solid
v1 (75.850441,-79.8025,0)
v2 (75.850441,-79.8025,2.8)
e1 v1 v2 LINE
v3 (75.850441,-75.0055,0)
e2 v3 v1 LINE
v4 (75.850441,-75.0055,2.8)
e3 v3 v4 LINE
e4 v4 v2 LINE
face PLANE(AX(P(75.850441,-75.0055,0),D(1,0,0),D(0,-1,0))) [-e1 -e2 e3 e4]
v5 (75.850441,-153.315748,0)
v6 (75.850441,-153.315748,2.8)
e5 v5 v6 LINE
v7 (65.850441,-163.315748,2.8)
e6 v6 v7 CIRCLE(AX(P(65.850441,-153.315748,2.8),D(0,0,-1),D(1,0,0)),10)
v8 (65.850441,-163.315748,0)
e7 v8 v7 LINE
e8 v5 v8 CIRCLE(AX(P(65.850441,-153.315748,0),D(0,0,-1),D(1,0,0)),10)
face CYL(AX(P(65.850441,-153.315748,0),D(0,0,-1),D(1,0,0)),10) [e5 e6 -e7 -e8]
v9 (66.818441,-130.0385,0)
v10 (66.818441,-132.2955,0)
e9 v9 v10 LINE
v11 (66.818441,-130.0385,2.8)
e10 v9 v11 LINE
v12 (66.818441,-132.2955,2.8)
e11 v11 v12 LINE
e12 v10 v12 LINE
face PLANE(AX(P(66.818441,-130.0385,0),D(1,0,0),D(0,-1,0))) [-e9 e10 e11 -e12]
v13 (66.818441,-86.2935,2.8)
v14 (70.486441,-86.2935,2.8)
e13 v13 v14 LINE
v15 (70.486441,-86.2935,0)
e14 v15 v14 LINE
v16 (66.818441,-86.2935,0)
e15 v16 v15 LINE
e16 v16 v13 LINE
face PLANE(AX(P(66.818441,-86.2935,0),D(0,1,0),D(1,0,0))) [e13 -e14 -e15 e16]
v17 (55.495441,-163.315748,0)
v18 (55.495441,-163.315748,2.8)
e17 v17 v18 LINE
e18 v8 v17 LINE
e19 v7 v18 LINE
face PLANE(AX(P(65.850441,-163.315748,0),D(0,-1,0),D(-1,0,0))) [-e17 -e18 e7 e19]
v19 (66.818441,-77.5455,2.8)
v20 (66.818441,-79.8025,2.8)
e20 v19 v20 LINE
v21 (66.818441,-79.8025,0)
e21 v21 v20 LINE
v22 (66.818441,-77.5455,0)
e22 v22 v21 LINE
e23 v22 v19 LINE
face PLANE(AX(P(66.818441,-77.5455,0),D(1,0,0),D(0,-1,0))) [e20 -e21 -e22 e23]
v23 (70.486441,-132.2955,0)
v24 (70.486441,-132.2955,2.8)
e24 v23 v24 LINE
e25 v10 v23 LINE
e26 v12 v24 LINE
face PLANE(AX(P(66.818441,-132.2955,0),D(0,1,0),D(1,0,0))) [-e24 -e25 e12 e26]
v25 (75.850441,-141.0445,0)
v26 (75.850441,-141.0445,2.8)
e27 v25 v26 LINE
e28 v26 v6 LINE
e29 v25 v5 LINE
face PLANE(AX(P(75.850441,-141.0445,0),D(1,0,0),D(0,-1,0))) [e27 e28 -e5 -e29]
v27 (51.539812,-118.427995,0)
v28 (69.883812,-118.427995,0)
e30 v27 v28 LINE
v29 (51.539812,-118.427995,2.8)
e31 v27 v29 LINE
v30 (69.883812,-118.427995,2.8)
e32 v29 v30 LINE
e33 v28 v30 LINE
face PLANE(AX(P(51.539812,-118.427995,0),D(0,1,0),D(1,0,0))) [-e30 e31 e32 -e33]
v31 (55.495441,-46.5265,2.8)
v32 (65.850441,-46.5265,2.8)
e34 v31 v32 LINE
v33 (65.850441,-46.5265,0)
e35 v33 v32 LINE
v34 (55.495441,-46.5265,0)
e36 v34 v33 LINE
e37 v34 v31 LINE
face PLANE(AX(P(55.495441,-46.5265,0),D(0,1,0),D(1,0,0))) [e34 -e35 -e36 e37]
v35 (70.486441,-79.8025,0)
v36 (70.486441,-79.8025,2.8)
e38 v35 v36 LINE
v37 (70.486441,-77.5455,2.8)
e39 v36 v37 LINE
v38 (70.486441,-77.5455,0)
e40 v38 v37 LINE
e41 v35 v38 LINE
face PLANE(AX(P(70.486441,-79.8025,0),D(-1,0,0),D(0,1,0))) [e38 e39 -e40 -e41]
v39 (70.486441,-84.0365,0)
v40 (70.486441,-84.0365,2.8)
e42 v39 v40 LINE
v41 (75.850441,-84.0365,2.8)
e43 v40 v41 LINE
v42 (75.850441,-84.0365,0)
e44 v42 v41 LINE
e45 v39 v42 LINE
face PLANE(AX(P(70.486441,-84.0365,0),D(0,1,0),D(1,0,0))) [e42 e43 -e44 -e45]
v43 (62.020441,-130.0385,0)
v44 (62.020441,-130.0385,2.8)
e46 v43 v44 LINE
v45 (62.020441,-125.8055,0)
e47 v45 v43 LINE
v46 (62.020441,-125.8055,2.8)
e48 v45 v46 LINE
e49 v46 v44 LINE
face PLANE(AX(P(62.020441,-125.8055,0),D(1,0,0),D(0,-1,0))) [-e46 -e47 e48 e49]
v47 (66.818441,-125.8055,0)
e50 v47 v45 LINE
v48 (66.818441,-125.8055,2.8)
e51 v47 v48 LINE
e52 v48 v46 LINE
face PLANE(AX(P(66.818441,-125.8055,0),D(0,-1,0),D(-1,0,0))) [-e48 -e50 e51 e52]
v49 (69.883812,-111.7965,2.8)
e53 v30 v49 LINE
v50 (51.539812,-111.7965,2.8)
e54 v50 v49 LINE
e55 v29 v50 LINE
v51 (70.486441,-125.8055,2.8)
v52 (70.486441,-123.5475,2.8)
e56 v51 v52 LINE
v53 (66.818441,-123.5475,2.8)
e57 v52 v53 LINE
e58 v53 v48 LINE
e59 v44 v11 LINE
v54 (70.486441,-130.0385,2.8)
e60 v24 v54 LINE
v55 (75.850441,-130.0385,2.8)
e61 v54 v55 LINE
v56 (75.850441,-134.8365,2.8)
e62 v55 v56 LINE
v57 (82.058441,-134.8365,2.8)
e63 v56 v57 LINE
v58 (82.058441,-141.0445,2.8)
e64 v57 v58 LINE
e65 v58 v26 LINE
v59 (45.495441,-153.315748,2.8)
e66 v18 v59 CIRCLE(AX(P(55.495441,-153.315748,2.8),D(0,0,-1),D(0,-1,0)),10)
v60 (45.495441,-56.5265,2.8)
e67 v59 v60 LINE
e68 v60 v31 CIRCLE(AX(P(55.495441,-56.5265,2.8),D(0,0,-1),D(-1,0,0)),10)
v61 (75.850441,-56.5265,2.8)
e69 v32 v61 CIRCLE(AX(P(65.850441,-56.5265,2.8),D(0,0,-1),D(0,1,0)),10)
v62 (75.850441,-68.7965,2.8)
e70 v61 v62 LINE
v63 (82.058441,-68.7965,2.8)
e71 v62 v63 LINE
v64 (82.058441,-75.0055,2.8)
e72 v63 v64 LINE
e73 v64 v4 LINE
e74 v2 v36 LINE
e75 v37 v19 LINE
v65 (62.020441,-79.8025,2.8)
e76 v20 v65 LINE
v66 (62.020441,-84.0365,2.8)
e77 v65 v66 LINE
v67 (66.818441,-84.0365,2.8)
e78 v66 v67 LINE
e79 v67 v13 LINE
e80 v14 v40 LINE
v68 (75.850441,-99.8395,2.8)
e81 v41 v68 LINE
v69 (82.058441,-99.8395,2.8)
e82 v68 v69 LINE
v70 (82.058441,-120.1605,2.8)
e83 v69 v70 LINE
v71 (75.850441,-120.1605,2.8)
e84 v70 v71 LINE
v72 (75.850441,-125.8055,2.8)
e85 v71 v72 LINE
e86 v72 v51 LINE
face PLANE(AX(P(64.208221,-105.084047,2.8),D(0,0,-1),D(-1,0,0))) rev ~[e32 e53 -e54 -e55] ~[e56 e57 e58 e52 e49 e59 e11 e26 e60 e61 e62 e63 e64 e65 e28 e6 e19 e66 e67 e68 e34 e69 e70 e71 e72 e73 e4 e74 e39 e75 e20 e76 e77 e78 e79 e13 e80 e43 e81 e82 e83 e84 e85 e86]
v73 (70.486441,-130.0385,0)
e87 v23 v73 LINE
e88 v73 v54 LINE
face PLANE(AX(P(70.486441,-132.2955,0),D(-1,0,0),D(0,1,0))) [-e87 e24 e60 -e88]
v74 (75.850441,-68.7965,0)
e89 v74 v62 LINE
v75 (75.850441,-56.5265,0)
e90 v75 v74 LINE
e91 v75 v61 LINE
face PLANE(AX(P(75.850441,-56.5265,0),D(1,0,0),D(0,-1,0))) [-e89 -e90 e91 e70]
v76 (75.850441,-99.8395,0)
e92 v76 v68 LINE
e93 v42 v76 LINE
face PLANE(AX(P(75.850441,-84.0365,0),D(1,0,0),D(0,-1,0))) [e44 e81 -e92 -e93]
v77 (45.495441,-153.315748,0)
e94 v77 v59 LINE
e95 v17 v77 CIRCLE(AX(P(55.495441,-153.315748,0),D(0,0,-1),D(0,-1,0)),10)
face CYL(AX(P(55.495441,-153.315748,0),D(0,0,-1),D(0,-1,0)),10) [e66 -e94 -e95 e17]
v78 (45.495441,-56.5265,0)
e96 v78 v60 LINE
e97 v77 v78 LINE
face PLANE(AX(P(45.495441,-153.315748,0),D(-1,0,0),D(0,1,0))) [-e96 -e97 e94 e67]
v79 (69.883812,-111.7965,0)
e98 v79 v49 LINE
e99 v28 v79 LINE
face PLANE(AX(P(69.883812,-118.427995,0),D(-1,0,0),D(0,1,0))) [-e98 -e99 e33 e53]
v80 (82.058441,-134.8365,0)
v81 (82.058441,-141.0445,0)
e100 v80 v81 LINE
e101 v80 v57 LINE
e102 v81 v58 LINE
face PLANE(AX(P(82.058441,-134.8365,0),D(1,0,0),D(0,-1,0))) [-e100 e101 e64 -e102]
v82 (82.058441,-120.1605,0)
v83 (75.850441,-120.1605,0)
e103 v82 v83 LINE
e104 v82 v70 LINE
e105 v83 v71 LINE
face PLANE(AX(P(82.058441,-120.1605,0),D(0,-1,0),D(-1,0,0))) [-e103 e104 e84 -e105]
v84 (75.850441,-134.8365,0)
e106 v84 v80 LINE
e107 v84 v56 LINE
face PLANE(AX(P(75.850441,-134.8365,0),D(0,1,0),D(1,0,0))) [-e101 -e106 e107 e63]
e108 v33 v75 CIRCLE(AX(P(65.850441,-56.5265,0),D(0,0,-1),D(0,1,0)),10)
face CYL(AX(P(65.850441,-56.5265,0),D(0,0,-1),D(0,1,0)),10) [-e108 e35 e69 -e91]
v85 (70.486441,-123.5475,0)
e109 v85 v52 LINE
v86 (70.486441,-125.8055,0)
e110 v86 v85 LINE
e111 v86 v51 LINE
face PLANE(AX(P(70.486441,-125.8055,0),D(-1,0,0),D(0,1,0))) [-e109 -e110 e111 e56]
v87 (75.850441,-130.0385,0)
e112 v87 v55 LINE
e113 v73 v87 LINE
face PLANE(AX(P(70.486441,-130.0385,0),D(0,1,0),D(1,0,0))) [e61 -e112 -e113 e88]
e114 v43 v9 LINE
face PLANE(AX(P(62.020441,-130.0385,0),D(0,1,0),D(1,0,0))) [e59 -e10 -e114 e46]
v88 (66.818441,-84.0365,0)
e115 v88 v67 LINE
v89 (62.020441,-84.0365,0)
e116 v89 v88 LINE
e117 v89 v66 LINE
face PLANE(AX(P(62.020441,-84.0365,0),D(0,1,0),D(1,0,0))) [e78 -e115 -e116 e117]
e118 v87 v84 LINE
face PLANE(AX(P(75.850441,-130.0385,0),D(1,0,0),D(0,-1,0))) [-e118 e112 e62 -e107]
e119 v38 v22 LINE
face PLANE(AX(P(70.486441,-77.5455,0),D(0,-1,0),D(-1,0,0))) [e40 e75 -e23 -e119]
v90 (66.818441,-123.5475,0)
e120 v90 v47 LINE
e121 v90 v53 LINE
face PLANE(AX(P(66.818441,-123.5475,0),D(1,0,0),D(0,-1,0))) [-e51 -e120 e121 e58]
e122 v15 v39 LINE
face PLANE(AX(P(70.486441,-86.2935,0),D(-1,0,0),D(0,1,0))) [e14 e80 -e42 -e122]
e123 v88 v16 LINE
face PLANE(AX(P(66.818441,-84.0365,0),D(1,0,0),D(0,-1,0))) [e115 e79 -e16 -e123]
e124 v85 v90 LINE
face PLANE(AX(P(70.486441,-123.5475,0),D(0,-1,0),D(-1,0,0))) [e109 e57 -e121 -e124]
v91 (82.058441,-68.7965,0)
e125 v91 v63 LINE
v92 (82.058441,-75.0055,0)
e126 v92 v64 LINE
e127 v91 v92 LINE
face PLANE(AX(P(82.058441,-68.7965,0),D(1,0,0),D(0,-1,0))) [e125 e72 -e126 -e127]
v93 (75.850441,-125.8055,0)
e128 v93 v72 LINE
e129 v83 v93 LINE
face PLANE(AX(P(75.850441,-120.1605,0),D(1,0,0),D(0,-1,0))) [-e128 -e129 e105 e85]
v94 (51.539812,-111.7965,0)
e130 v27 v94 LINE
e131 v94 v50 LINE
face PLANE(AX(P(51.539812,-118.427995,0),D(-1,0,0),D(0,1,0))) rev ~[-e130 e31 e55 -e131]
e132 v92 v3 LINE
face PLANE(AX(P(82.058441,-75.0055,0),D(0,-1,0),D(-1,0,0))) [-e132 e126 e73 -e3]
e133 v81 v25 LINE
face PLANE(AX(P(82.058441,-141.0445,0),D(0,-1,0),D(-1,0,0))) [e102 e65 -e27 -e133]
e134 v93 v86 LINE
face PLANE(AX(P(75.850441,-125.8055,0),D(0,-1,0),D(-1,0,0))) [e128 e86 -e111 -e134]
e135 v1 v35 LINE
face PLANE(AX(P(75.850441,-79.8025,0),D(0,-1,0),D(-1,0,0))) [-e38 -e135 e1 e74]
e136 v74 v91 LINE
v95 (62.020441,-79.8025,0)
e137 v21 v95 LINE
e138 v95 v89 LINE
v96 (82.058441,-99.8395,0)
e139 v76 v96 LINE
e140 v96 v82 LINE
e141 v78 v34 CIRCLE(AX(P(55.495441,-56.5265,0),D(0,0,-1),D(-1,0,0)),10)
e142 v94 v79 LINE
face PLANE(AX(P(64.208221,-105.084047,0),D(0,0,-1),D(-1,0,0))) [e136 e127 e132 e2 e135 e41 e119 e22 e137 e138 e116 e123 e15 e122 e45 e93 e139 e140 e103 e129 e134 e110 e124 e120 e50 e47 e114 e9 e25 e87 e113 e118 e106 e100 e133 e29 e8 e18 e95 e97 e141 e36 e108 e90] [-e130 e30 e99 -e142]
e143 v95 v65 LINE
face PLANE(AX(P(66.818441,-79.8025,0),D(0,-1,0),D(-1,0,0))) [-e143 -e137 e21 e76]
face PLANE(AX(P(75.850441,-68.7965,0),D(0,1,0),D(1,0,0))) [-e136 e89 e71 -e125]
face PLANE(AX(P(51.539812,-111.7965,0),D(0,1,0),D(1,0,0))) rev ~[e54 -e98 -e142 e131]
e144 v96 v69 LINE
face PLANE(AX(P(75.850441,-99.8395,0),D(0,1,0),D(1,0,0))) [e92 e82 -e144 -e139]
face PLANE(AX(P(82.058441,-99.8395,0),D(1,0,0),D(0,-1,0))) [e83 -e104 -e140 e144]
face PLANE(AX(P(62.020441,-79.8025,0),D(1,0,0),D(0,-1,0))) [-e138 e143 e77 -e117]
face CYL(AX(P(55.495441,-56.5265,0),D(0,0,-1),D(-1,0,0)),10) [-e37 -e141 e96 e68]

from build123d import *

# Parameters (mm, degrees)
SKETCH3_W           = 18.344
SKETCH3_H           = 6.63149511
BOSS_EXTRUDE2_DEPTH = 2.8


with BuildPart() as part:
    # Sketch3 → Boss-Extrude2 (new body)
    with BuildSketch(Plane.XY):
        with BuildLine():
            Line((55.495440626, -46.5265), (65.850440626, -46.5265))
            ThreePointArc((65.850440626, -46.5265), (72.921508438, -49.455432188), (75.850440626, -56.5265))
            Line((75.850440626, -56.5265), (75.850440626, -68.7965))
            Line((75.850440626, -68.7965), (82.058440626, -68.7965))
            Line((82.058440626, -68.7965), (82.058440626, -75.0055))
            Line((82.058440626, -75.0055), (75.850440626, -75.0055))
            Line((75.850440626, -75.0055), (75.850440626, -79.8025))
            Line((75.850440626, -79.8025), (70.486440626, -79.8025))
            Line((70.486440626, -79.8025), (70.486440626, -77.5455))
            Line((70.486440626, -77.5455), (66.818440626, -77.5455))
            Line((66.818440626, -77.5455), (66.818440626, -79.8025))
            Line((66.818440626, -79.8025), (62.020440626, -79.8025))
            Line((62.020440626, -79.8025), (62.020440626, -84.0365))
            Line((62.020440626, -84.0365), (66.818440626, -84.0365))
            Line((66.818440626, -84.0365), (66.818440626, -86.2935))
            Line((66.818440626, -86.2935), (70.486440626, -86.2935))
            Line((70.486440626, -86.2935), (70.486440626, -84.0365))
            Line((70.486440626, -84.0365), (75.850440626, -84.0365))
            Line((75.850440626, -84.0365), (75.850440626, -99.8395))
            Line((75.850440626, -99.8395), (82.058440626, -99.8395))
            Line((82.058440626, -99.8395), (82.058440626, -120.1605))
            Line((82.058440626, -120.1605), (75.850440626, -120.1605))
            Line((75.850440626, -120.1605), (75.850440626, -125.8055))
            Line((75.850440626, -125.8055), (70.486440626, -125.8055))
            Line((70.486440626, -125.8055), (70.486440626, -123.5475))
            Line((70.486440626, -123.5475), (66.818440626, -123.5475))
            Line((66.818440626, -123.5475), (66.818440626, -125.8055))
            Line((66.818440626, -125.8055), (62.020440626, -125.8055))
            Line((62.020440626, -125.8055), (62.020440626, -130.0385))
            Line((62.020440626, -130.0385), (66.818440626, -130.0385))
            Line((66.818440626, -130.0385), (66.818440626, -132.2955))
            Line((66.818440626, -132.2955), (70.486440626, -132.2955))
            Line((70.486440626, -132.2955), (70.486440626, -130.0385))
            Line((70.486440626, -130.0385), (75.850440626, -130.0385))
            Line((75.850440626, -130.0385), (75.850440626, -134.8365))
            Line((75.850440626, -134.8365), (82.058440626, -134.8365))
            Line((82.058440626, -134.8365), (82.058440626, -141.0445))
            Line((82.058440626, -141.0445), (75.850440626, -141.0445))
            Line((75.850440626, -141.0445), (75.850440626, -153.315747555))
            ThreePointArc((75.850440626, -153.315747555), (72.921508438, -160.386815367), (65.850440626, -163.315747555))
            Line((65.850440626, -163.315747555), (55.495440626, -163.315747555))
            ThreePointArc((55.495440626, -163.315747555), (48.424372815, -160.386815367), (45.495440626, -153.315747555))
            Line((45.495440626, -153.315747555), (45.495440626, -149.654747555))
            Line((45.495440626, -149.654747555), (45.495440626, -56.5265))
            ThreePointArc((45.495440626, -56.5265), (48.424372815, -49.455432188), (55.495440626, -46.5265))
        make_face()
        with Locations((60.71181161, -115.112247555)):
            Rectangle(SKETCH3_W, SKETCH3_H, mode=Mode.SUBTRACT)
    extrude(amount=BOSS_EXTRUDE2_DEPTH)


solid = part.part
